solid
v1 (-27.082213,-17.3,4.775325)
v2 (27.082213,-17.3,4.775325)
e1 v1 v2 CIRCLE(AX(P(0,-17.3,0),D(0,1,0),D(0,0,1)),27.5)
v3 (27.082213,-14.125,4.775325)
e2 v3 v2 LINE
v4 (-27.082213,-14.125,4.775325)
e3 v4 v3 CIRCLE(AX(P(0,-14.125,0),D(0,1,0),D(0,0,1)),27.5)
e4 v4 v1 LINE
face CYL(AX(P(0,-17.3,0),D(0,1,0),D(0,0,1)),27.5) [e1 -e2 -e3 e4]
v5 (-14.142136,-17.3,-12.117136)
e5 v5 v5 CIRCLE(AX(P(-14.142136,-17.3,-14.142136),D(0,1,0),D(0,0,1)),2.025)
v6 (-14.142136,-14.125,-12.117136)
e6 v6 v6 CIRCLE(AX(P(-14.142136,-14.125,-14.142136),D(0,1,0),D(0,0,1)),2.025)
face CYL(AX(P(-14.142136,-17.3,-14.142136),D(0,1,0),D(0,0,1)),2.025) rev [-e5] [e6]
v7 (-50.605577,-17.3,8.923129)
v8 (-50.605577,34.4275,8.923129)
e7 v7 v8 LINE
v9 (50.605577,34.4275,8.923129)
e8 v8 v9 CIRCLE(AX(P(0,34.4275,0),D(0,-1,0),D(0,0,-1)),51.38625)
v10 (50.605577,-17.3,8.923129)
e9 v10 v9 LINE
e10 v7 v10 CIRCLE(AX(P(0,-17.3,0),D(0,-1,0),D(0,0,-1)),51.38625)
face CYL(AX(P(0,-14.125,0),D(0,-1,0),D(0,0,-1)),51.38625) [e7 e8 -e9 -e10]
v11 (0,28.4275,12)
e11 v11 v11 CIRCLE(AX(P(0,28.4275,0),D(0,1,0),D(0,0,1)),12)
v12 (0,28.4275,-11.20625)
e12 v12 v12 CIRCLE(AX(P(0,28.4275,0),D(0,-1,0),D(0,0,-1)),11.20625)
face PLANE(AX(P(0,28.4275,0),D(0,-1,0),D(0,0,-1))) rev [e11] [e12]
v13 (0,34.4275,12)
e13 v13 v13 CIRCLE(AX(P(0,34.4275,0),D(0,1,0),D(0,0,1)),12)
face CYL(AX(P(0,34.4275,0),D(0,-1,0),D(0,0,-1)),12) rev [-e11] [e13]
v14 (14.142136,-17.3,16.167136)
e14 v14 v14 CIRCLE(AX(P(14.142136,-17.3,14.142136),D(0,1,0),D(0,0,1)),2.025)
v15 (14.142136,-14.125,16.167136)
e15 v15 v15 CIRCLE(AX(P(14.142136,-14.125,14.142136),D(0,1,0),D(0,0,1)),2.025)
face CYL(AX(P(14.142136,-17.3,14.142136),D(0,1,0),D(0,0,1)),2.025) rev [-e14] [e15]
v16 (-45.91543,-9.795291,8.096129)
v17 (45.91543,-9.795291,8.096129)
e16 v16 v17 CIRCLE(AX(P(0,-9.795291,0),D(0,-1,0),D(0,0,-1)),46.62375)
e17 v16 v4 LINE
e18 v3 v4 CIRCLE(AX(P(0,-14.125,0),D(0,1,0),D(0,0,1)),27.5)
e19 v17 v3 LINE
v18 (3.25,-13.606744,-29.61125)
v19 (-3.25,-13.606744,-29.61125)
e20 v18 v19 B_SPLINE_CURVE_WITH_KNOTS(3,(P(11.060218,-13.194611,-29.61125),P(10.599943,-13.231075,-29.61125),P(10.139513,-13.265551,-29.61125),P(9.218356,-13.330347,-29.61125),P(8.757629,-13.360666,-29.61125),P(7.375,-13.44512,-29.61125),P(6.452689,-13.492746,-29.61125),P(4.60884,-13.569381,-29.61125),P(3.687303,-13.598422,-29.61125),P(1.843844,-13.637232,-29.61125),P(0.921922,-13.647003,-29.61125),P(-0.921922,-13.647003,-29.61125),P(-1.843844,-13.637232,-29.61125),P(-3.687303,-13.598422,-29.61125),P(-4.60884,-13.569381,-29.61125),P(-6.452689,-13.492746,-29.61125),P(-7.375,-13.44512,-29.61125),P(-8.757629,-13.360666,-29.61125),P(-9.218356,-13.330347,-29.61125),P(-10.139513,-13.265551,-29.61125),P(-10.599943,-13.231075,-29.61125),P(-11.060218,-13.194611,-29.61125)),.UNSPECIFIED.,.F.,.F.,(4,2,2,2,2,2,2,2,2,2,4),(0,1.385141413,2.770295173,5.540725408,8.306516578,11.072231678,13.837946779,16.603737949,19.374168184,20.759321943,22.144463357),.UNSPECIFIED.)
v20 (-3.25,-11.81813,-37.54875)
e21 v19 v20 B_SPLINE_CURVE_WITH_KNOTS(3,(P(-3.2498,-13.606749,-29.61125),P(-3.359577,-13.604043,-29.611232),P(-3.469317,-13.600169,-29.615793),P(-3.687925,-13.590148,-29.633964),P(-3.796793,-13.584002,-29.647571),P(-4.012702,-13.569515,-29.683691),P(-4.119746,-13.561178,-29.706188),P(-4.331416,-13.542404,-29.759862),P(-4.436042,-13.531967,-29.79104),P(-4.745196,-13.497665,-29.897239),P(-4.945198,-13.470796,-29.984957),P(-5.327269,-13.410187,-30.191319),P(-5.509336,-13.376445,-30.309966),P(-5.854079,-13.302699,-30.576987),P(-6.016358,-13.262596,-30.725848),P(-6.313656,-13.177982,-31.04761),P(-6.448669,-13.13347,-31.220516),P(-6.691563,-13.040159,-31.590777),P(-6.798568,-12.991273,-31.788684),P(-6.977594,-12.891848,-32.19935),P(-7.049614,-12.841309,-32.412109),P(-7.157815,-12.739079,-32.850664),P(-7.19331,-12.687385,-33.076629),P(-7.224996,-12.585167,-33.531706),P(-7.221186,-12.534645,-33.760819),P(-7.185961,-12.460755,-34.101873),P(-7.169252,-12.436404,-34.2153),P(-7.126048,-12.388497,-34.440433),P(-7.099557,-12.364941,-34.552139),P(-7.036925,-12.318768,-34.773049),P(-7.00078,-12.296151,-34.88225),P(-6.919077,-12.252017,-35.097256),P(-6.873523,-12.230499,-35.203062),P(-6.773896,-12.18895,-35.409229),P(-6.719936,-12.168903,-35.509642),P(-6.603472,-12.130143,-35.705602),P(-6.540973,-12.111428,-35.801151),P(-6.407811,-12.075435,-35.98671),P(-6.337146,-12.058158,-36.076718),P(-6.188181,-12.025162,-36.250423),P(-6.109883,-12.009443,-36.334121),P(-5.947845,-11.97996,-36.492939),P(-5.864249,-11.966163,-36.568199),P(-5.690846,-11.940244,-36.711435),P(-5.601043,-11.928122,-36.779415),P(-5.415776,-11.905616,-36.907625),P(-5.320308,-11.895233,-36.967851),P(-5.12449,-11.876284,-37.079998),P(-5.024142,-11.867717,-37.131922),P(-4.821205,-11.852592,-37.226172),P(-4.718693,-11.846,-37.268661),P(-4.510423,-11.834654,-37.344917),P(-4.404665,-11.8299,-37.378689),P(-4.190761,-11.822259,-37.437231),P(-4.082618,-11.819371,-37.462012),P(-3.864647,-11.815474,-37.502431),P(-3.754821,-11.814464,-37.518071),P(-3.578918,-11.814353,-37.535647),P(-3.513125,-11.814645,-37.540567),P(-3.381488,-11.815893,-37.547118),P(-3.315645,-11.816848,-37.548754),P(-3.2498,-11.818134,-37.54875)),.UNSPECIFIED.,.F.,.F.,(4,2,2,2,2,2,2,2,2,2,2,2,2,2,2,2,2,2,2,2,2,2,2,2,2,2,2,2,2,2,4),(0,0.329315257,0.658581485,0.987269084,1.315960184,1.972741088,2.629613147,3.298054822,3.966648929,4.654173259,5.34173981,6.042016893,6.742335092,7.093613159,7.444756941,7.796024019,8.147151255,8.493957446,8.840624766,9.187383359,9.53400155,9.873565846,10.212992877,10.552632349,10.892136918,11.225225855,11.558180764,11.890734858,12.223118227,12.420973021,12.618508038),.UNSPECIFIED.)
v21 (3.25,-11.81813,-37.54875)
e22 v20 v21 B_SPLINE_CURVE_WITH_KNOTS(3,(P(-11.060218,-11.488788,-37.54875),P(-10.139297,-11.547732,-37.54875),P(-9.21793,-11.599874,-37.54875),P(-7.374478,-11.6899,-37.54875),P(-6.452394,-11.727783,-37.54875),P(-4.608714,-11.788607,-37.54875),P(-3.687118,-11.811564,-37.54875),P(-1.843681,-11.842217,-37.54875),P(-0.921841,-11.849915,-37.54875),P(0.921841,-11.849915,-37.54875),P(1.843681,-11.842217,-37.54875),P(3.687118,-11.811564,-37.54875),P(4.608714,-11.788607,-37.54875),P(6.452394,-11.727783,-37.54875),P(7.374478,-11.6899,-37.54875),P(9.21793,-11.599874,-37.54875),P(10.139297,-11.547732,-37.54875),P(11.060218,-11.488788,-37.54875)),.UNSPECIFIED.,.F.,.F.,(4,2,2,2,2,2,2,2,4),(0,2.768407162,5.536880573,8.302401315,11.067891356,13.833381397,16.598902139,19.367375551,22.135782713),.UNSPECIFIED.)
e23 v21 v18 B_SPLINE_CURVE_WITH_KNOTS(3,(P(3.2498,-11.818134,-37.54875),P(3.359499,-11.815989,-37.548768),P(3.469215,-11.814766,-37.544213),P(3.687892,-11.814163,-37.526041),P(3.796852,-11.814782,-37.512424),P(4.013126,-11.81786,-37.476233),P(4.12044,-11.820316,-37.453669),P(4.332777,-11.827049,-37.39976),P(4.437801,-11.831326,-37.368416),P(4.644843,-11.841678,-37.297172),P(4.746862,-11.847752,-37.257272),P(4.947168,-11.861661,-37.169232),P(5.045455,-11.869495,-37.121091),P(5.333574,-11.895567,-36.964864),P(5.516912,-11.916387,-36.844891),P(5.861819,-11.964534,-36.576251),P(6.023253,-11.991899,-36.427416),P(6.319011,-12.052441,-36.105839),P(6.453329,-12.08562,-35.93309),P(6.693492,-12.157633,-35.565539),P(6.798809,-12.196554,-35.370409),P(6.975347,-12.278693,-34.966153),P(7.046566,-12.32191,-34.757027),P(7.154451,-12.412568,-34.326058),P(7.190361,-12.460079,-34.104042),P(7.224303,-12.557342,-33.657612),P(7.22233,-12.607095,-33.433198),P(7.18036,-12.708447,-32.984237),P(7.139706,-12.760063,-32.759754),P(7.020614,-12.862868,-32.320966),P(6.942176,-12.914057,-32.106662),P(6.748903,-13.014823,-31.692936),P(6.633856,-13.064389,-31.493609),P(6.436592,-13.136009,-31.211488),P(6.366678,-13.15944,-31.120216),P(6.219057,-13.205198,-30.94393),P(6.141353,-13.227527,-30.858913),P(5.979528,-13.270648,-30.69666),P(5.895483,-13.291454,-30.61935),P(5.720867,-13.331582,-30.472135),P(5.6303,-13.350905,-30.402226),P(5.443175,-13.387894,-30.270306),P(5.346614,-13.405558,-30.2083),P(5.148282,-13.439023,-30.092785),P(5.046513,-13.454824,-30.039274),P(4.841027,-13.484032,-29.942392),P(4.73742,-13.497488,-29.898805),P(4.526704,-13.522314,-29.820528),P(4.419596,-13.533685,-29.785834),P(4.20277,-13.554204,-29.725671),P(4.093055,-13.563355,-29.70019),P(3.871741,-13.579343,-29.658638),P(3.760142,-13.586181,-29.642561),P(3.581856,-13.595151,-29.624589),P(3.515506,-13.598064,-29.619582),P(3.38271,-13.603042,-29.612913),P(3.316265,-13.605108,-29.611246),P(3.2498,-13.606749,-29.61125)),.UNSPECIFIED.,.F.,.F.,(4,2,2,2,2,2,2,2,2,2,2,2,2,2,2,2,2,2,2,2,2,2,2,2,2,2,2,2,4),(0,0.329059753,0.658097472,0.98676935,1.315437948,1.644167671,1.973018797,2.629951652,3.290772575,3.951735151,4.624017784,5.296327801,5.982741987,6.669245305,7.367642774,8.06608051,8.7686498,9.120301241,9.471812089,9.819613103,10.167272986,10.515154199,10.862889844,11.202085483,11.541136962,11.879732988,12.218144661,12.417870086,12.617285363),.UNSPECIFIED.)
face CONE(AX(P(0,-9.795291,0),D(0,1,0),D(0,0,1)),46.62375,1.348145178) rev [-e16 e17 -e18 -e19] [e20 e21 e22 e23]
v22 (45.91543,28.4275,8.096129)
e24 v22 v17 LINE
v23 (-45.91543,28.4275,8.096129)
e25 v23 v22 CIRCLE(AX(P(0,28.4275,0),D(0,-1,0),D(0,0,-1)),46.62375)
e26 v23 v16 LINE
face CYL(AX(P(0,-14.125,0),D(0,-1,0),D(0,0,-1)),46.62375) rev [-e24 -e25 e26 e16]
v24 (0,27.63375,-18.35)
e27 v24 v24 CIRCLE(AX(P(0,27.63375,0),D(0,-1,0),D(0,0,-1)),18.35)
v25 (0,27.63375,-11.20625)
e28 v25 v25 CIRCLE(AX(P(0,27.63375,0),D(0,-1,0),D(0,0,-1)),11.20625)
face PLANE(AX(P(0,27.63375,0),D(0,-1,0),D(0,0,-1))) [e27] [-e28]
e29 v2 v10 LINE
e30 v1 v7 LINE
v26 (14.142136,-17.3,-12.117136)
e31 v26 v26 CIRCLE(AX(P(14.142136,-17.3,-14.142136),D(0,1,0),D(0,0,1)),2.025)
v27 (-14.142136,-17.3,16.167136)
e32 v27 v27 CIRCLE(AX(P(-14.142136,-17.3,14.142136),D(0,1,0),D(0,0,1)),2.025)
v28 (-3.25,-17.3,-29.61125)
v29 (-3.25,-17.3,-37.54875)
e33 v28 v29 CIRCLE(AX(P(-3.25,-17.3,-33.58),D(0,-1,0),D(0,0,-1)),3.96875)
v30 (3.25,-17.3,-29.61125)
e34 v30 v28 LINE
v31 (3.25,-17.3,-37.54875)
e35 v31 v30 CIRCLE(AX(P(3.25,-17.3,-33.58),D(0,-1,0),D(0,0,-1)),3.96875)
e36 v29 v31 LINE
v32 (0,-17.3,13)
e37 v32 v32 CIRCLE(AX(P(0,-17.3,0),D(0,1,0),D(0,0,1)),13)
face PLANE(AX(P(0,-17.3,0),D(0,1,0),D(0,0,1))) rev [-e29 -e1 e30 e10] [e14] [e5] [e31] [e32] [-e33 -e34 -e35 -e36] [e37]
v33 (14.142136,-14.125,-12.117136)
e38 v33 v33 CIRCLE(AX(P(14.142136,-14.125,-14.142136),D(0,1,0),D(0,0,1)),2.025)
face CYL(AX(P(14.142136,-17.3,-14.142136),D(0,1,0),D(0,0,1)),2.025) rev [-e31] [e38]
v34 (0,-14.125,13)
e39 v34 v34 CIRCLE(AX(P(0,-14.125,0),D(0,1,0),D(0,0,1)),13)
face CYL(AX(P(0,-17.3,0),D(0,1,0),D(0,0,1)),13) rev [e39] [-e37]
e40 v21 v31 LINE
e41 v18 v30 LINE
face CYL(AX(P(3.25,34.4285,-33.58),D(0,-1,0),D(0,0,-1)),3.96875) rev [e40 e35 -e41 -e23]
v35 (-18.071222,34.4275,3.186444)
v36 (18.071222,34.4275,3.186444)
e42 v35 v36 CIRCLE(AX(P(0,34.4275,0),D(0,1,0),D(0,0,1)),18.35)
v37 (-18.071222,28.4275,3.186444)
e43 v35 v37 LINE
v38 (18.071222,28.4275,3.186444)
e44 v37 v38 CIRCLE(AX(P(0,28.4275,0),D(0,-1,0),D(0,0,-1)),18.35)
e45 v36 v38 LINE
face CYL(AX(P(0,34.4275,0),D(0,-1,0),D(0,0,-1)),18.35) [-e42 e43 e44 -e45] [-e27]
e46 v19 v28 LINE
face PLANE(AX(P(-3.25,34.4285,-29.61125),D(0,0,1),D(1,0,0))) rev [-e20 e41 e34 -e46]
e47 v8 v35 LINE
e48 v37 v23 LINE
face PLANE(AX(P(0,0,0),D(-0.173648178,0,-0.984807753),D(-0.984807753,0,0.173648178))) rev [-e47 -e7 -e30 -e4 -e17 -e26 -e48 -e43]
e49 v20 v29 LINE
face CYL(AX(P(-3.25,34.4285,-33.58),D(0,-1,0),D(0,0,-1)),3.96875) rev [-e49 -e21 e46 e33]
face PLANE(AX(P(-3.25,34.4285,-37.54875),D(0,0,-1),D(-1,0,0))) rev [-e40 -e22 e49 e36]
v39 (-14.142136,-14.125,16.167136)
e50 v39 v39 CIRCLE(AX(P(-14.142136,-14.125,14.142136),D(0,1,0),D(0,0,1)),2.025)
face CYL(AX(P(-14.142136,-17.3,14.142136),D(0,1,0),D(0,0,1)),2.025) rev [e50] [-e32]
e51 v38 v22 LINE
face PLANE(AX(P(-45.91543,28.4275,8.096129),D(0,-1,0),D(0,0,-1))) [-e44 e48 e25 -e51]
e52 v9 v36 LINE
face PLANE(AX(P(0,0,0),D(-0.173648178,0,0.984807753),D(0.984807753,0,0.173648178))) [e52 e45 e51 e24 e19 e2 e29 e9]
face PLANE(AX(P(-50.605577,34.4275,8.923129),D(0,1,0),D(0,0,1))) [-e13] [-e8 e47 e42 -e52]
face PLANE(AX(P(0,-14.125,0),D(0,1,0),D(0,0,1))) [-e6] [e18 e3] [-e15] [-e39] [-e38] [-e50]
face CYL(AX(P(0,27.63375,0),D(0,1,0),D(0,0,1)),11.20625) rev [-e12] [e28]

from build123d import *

# Parameters (mm, degrees)
BOSS_EXTRUDE1_START = -14.125
SKETCH2_R           = 27.5
SKETCH2_R_2         = 13.000000035
SKETCH2_R_3         = 2.025
BOSS_EXTRUDE1_DEPTH = 3.175
BOSS_EXTRUDE2_START = 28.4275
SKETCH3_R           = 18.35
SKETCH3_R_2         = 12
BOSS_EXTRUDE2_DEPTH = 6
REVOLVE1_ANGLE      = 200
BOSS_EXTRUDE3_START = 0.79375
SKETCH5_R           = 18.35
SKETCH5_R_2         = 11.20625
BOSS_EXTRUDE3_DEPTH = 0.79375
CUT_EXTRUDE1_REACH  = 91.201


with BuildPart() as part:
    # Sketch2 → Boss-Extrude1 (new body)
    with BuildSketch(Plane(origin=(0, 0, 0), x_dir=(1, 0, 0), z_dir=(0, 1, 0)).offset(BOSS_EXTRUDE1_START)):
        with Locations(Location((0, 0, 0), (0, 0, 270))):
            Circle(SKETCH2_R)
        with Locations(Location((0, 0, 0), (0, 0, 270))):
            Circle(SKETCH2_R_2, mode=Mode.SUBTRACT)
        with Locations(Location((-14.142135624, -14.142135624, 0), (0, 0, 270))):
            Circle(SKETCH2_R_3, mode=Mode.SUBTRACT)
        with Locations(Location((14.142135624, -14.142135624, 0), (0, 0, 270))):
            Circle(SKETCH2_R_3, mode=Mode.SUBTRACT)
        with Locations(Location((14.142135624, 14.142135624, 0), (0, 0, 270))):
            Circle(SKETCH2_R_3, mode=Mode.SUBTRACT)
        with Locations(Location((-14.142135624, 14.142135624, 0), (0, 0, 270))):
            Circle(SKETCH2_R_3, mode=Mode.SUBTRACT)
    extrude(amount=-BOSS_EXTRUDE1_DEPTH)



with BuildPart() as body_2:
    # Sketch3 → Boss-Extrude2 (new body)
    with BuildSketch(Plane(origin=(0, 0, 0), x_dir=(1, 0, 0), z_dir=(0, 1, 0)).offset(BOSS_EXTRUDE2_START)):
        with Locations(Location((0, 0, 0), (0, 0, 270))):
            Circle(SKETCH3_R)
        with Locations(Location((0, 0, 0), (0, 0, 270))):
            Circle(SKETCH3_R_2, mode=Mode.SUBTRACT)
    extrude(amount=BOSS_EXTRUDE2_DEPTH)


with BuildPart() as part_1:
    add(part.part)

    add(body_2.part)  # Revolve1 merges body 2
    # Sketch4 → Revolve1 (revolve, symmetric)
    with BuildSketch(Plane(origin=(0, 0, 0), x_dir=(0, 0, -1), z_dir=(1, 0, 0))) as revolve1_sk:
        Polygon((27.5, -17.3), (51.38625, -17.3), (51.38625, 34.42749997), (18.35, 34.42749997), (18.35, 28.427500017), (46.62375, 28.427500017), (46.62375, -9.795291189), (27.5, -14.125), align=None)
    revolve(axis=Axis((0, -14.125, 0), (0, 1, 0)), revolution_arc=REVOLVE1_ANGLE / 2)
    revolve(revolve1_sk.sketch, axis=Axis((0, -14.125, 0), (0, -1, 0)), revolution_arc=REVOLVE1_ANGLE / 2)

    # Sketch5 → Boss-Extrude3 (add)
    with BuildSketch(Plane.XZ.offset(-28.427500017).offset(BOSS_EXTRUDE3_START)):
        with Locations(Location((0, 0, 0), (0, 0, 270))):
            Circle(SKETCH5_R)
        with Locations(Location((0, 0, 0), (0, 0, 270))):
            Circle(SKETCH5_R_2, mode=Mode.SUBTRACT)
    extrude(amount=-BOSS_EXTRUDE3_DEPTH)

    # Cut-Extrude1: up to this cone (the profile starts outside it)
    cut_extrude1_end = Plane(origin=(0, -17.3, 0), z_dir=(0, 1, 0)).offset(-3.051131024) * Cone(4.417e-06, 478.031284628, 108.228576807, align=(Align.CENTER, Align.CENTER, Align.MIN), mode=Mode.PRIVATE)
    # Sketch6 → Cut-Extrude1 (cut, up to the surface)
    with BuildSketch(Plane(origin=(0, -17.3, 0), x_dir=(-1, 0, 0), z_dir=(0, -1, 0)), mode=Mode.PRIVATE) as cut_extrude1_sk1:
        with BuildLine():
            Line((3.25, 29.61125), (-3.25, 29.61125))
            ThreePointArc((-3.25, 29.61125), (-7.21875, 33.58), (-3.25, 37.54875))
            Line((-3.25, 37.54875), (3.25, 37.54875))
            ThreePointArc((3.25, 37.54875), (7.21875, 33.58), (3.25, 29.61125))
        make_face()
    cut_extrude1_tool1 = extrude(cut_extrude1_sk1.sketch, amount=-CUT_EXTRUDE1_REACH, mode=Mode.PRIVATE) - cut_extrude1_end
    add(cut_extrude1_tool1.solids().sort_by_distance((0, -17.3, -33.58))[0], mode=Mode.SUBTRACT)


solid = part_1.part
